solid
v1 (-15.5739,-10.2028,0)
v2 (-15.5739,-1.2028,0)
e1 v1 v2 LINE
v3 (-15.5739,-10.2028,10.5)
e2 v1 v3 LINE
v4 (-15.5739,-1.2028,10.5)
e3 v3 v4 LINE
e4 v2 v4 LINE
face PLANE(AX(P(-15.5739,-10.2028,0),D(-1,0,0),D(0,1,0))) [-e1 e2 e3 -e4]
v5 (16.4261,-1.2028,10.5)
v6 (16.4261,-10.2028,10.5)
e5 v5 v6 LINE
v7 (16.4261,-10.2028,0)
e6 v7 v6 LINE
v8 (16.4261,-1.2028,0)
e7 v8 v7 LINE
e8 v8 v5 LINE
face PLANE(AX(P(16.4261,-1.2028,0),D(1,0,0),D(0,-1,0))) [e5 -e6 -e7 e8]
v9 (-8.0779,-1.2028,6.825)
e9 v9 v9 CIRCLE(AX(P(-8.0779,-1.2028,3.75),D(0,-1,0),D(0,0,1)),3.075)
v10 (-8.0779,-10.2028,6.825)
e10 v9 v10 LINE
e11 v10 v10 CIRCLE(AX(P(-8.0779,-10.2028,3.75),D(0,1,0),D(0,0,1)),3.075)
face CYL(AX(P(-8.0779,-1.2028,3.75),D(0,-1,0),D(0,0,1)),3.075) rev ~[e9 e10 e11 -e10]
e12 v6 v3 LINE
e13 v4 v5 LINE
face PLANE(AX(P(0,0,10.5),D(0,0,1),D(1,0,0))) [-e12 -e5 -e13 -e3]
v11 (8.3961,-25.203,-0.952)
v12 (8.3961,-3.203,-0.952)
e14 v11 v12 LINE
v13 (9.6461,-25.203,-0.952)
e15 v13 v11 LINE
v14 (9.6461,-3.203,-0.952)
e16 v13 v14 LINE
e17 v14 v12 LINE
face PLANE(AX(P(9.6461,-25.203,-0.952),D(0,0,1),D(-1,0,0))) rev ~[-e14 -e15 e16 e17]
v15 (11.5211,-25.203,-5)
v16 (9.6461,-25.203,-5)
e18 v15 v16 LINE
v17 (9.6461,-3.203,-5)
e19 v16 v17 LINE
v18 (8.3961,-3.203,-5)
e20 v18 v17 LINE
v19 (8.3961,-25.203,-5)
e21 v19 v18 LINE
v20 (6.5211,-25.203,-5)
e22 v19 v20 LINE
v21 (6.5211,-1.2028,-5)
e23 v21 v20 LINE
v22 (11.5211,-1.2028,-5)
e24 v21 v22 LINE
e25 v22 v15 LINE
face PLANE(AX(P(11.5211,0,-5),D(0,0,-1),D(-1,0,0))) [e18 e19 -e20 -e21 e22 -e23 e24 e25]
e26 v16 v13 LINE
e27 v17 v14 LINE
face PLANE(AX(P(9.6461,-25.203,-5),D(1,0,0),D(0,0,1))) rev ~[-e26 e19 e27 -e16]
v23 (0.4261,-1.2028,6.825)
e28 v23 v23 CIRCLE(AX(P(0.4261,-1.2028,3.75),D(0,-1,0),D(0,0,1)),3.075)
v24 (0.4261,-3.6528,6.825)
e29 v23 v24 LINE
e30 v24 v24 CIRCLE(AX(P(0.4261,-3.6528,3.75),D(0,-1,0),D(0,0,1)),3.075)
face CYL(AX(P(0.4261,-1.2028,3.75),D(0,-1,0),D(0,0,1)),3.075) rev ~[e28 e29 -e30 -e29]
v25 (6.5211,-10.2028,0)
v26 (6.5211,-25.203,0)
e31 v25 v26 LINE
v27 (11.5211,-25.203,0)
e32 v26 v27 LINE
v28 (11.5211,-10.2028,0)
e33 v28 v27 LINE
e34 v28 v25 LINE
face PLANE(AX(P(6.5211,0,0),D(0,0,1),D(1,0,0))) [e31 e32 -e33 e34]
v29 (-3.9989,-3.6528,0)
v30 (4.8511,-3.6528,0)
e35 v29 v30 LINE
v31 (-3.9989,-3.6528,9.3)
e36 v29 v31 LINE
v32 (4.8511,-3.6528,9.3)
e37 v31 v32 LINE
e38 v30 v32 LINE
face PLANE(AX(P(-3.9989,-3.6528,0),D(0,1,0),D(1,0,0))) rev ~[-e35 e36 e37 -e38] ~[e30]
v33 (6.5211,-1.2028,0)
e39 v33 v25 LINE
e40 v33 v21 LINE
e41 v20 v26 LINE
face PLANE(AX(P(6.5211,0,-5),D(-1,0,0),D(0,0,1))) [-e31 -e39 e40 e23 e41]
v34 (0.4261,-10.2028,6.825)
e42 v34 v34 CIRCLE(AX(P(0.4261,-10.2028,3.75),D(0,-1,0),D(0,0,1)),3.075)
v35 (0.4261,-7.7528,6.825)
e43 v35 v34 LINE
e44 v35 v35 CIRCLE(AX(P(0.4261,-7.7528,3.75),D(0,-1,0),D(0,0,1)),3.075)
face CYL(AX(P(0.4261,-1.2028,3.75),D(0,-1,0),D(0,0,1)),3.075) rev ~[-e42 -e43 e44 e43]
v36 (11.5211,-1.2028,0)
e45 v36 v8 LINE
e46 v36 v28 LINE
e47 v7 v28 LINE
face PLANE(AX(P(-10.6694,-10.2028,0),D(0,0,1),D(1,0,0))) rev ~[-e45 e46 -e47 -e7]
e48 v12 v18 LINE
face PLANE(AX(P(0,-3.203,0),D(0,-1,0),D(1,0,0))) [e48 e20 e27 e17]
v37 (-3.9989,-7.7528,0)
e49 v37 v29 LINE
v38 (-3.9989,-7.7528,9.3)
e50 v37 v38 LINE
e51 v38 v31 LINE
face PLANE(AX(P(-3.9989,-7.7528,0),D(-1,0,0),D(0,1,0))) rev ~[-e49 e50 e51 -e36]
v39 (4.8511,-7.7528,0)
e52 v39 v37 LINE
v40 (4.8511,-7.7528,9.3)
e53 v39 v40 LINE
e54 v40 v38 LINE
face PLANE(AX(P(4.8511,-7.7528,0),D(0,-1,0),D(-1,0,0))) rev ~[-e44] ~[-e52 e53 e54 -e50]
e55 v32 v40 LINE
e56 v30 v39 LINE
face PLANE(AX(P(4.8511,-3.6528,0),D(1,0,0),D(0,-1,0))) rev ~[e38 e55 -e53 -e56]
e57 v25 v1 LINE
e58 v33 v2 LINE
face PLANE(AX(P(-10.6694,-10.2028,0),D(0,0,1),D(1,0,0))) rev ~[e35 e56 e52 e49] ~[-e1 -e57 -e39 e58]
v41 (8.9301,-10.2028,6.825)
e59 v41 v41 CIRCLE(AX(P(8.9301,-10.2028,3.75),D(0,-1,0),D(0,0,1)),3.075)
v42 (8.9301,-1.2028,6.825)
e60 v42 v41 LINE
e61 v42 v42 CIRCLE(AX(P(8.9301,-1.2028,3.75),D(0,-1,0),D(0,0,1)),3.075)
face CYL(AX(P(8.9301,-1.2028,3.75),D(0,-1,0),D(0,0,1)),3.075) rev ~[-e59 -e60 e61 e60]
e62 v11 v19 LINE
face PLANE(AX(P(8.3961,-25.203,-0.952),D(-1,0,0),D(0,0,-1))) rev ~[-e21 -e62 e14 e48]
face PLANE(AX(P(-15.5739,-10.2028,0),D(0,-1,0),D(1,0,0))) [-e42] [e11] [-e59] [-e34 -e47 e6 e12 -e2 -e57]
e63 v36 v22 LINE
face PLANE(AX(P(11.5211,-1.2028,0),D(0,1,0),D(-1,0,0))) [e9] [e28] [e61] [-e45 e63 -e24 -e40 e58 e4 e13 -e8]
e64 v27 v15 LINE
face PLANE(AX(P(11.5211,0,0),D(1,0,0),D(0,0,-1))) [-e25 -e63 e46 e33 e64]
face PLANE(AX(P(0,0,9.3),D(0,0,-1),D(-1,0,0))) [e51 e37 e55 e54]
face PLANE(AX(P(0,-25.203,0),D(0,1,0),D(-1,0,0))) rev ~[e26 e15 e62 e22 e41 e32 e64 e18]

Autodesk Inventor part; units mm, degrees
ref_plane "YZ Plane" through (0, 0, 0) normal (1, 0, 0) x (0, 1, 0)
ref_plane "XZ Plane" through (0, 0, 0) normal (0, 1, 0) x (-1, 0, 0)
ref_plane "XY Plane" through (0, 0, 0) normal (0, 0, 1) x (1, 0, 0)
sketch "Skizze1" plane through (0, 0, 0) normal (0, 0, 1) x (1, 0, 0)
  point P0 (0, 0)
sketch "Skizze2" plane through (0, 0, 0) normal (0, 0, 1) x (1, 0, 0)
  line L0 (-15.5739, -1.2028) -> (16.4261, -1.2028)
  line L1 (16.4261, -1.2028) -> (16.4261, -10.2028)
  line L2 (16.4261, -10.2028) -> (-15.5739, -10.2028)
  line L3 (-15.5739, -10.2028) -> (-15.5739, -1.2028)
  point P0 (0, 0)
  dimension "d0" = 32
  dimension "d1" = 9
extrude "Extrusion1" add sketch "Skizze2" along normal blind 10.5
sketch "Skizze3" plane through (16.4261, -10.2028, 0) normal (1, 0, 0) x (0, 0, -1)
  point P0 (0, 10.2028)
sketch "Skizze4" plane through (-15.5739, -1.2028, 0) normal (0, 1, 0) x (1, 0, 0)
  line L0 (0, 0) -> (0, -10.5) projected
  line L1 (0, 0) -> (32, 0) projected
  point P0 (15.5739, 0)
  point P1 (16, -3.75)
  point P2 (7.496, -3.75)
  point P3 (24.504, -3.75)
  dimension "d4" = 8.504
  dimension "d5" = 8.504
  dimension "d6" = 16
  dimension "d14" = 3.75
  dimension "d15" = 3.75
hole "Bohrung1" at (-8.0779, -1.2028, 3.75) at (8.9301, -1.2028, 3.75) at (0.4261, -1.2028, 3.75) direction (0, -1, 0) diameter 6.15 end through all
sketch "Skizze5" plane through (0, 0, 0) normal (0, 0, -1) x (-1, 0, 0)
  point P0 (0, 0)
sketch "Skizze6" plane through (0, 0, 0) normal (0, 0, -1) x (-1, 0, 0)
  line L0 (-4.8511, -7.7528) -> (3.9989, -7.7528)
  line L1 (3.9989, -7.7528) -> (3.9989, -3.6528)
  line L2 (3.9989, -3.6528) -> (-4.8511, -3.6528)
  line L3 (-4.8511, -3.6528) -> (-4.8511, -7.7528)
  line L4 (-16.4261, -10.2028) -> (15.5739, -10.2028) projected
  line L5 (15.5739, -10.2028) -> (15.5739, -1.2028) projected
  point P0 (0, 0)
  dimension "d16" = 8.85
  dimension "d17" = 4.1
  dimension "d18" = 2.45
  dimension "d19" = 11.575
extrude "Extrusion2" cut sketch "Skizze6" against normal blind 9.3
sketch "Skizze7" plane through (-15.5739, -10.2028, 0) normal (0, -1, 0) x (1, 0, 0)
  point P0 (15.5739, 0)
sketch "Skizze8" plane through (0, 0, 0) normal (0, 0, -1) x (-1, 0, 0)
  point P0 (0, 0)
sketch "Skizze9" plane through (-15.5739, -10.2028, 0) normal (0, -1, 0) x (1, 0, 0)
  line L0 (0, 0) -> (32, 0) projected
  line L1 (4.9045, 0) -> (9.9045, 0)
  line L2 (9.9045, 0) -> (9.9045, 1.2)
  line L3 (9.9045, 1.2) -> (4.9045, 1.2)
  line L4 (4.9045, 1.2) -> (4.9045, 0)
  point P0 (15.5739, 0)
  dimension "d22" = 1.2
  dimension "d23" = 5
extrude "Extrusion3" add sketch "Skizze9" along normal blind 15
sketch "Skizze10" plane through (0, 0, 0) normal (0, 0, -1) x (-1, 0, 0)
  line L0 (5.6694, -25.2028) -> (10.6694, -25.2028) projected
  line L1 (15.5739, -1.2028) -> (-16.4261, -1.2028) projected
  line L2 (10.6694, -25.2028) -> (5.6694, -25.2028)
  line L3 (5.6694, -25.2028) -> (5.6694, -1.2028)
  line L4 (5.6694, -1.2028) -> (10.6694, -1.2028)
  line L5 (10.6694, -1.2028) -> (10.6694, -25.2028)
  point P0 (0, 0)
  dimension "d26" = 5
extrude "Extrusion4" add sketch "Skizze10" along normal blind 5
sketch "Skizze11" plane through (-15.5739, -25.2028, 0) normal (0, -1, 0) x (1, 0, 0)
  line L0 (4.9045, -5) -> (9.9045, -5) projected
  line L1 (6.7795, -5) -> (8.0295, -5)
  line L2 (8.0295, -5) -> (8.0295, -0.9525)
  line L3 (8.0295, -0.9525) -> (6.7795, -0.9525)
  line L4 (6.7795, -0.9525) -> (6.7795, -5)
  line L5 (9.9045, 1.2) -> (9.9045, -5) projected
  point P0 (15.5739, 0)
  dimension "d29" = 1.25
  dimension "d30" = 1.875
  dimension "d31" = 4.0475
extrude "Extrusion5" cut sketch "Skizze11" against normal blind 22
sketch "Skizze12" plane through (-15.5739, -25.2028, 0) normal (0, -1, 0) x (1, 0, 0)
  line L0 (9.9045, 1.2) -> (9.9045, 0) projected
  line L1 (4.9045, 0) -> (4.9045, 1.2) projected
  line L2 (9.9045, 1.2) -> (4.9045, 1.2)
  line L3 (4.9045, 1.2) -> (4.9045, 0)
  line L4 (4.9045, 0) -> (9.9045, 0)
  line L5 (9.9045, 0) -> (9.9045, 1.2)
  point P0 (15.5739, 0)
extrude "Extrusion6" cut sketch "Skizze12" against normal blind 15
sketch "Skizze13" plane through (0, 0, 0) normal (0, 1, 0) x (-1, 0, 0)
  line L0 (5.6694, 0) -> (-16.4261, 0) projected
  line L1 (-6.5211, 0) -> (-11.5211, 0)
  line L2 (-11.5211, 0) -> (-11.5211, -5)
  line L3 (-11.5211, -5) -> (-6.5211, -5)
  line L4 (-6.5211, -5) -> (-6.5211, 0)
  line L5 (-16.4261, 0) -> (-16.4261, 10.5) projected
  point P0 (0, 0)
  dimension "d36" = 5
  dimension "d37" = 5
  dimension "d38" = 4.905
extrude "Extrusion7" add sketch "Skizze13" against normal blind 25.203
sketch "Skizze14" plane through (6.5211, 0, 0) normal (0, 0, 1) x (1, 0, 0)
  line L0 (5, -1.2028) -> (9.905, -1.2028) projected
  line L1 (0, 0) -> (0, -25.203) projected
  line L2 (5, -1.2028) -> (0, -1.2028)
  line L3 (0, -1.2028) -> (0, 0)
  line L4 (0, 0) -> (5, 0)
  line L5 (5, 0) -> (5, -1.2028)
  point P0 (-6.5211, 0)
extrude "Extrusion8" cut sketch "Skizze14" against normal blind 25
sketch "Skizze15" plane through (0, -25.203, 0) normal (0, -1, 0) x (1, 0, 0)
  line L0 (6.5211, -5) -> (11.5211, -5) projected
  line L1 (8.3961, -5) -> (9.6461, -5)
  line L2 (9.6461, -5) -> (9.6461, -0.952)
  line L3 (9.6461, -0.952) -> (8.3961, -0.952)
  line L4 (8.3961, -0.952) -> (8.3961, -5)
  line L5 (11.5211, -5) -> (11.5211, 0) projected
  point P0 (0, 0)
  dimension "d43" = 1.25
  dimension "d44" = 4.048
  dimension "d45" = 1.875
extrude "Extrusion9" cut sketch "Skizze15" against normal blind 22
sketch "Skizze16" plane through (-15.5739, -25.2028, 0) normal (0, -1, 0) x (1, 0, 0)
  line L0 (0, 0) -> (4.9045, 0) projected
  line L1 (4.9045, -5) -> (9.9045, -5) projected
  line L2 (4.9045, 0) -> (9.9045, 0)
  line L3 (9.9045, 0) -> (9.9045, -5)
  line L4 (9.9045, -5) -> (4.9045, -5)
  line L5 (4.9045, -5) -> (4.9045, 0)
  point P0 (15.5739, 0)
extrude "Extrusion10" cut sketch "Skizze16" against normal blind 25
properties part number "Objektträgerhalter 3a Neu"
